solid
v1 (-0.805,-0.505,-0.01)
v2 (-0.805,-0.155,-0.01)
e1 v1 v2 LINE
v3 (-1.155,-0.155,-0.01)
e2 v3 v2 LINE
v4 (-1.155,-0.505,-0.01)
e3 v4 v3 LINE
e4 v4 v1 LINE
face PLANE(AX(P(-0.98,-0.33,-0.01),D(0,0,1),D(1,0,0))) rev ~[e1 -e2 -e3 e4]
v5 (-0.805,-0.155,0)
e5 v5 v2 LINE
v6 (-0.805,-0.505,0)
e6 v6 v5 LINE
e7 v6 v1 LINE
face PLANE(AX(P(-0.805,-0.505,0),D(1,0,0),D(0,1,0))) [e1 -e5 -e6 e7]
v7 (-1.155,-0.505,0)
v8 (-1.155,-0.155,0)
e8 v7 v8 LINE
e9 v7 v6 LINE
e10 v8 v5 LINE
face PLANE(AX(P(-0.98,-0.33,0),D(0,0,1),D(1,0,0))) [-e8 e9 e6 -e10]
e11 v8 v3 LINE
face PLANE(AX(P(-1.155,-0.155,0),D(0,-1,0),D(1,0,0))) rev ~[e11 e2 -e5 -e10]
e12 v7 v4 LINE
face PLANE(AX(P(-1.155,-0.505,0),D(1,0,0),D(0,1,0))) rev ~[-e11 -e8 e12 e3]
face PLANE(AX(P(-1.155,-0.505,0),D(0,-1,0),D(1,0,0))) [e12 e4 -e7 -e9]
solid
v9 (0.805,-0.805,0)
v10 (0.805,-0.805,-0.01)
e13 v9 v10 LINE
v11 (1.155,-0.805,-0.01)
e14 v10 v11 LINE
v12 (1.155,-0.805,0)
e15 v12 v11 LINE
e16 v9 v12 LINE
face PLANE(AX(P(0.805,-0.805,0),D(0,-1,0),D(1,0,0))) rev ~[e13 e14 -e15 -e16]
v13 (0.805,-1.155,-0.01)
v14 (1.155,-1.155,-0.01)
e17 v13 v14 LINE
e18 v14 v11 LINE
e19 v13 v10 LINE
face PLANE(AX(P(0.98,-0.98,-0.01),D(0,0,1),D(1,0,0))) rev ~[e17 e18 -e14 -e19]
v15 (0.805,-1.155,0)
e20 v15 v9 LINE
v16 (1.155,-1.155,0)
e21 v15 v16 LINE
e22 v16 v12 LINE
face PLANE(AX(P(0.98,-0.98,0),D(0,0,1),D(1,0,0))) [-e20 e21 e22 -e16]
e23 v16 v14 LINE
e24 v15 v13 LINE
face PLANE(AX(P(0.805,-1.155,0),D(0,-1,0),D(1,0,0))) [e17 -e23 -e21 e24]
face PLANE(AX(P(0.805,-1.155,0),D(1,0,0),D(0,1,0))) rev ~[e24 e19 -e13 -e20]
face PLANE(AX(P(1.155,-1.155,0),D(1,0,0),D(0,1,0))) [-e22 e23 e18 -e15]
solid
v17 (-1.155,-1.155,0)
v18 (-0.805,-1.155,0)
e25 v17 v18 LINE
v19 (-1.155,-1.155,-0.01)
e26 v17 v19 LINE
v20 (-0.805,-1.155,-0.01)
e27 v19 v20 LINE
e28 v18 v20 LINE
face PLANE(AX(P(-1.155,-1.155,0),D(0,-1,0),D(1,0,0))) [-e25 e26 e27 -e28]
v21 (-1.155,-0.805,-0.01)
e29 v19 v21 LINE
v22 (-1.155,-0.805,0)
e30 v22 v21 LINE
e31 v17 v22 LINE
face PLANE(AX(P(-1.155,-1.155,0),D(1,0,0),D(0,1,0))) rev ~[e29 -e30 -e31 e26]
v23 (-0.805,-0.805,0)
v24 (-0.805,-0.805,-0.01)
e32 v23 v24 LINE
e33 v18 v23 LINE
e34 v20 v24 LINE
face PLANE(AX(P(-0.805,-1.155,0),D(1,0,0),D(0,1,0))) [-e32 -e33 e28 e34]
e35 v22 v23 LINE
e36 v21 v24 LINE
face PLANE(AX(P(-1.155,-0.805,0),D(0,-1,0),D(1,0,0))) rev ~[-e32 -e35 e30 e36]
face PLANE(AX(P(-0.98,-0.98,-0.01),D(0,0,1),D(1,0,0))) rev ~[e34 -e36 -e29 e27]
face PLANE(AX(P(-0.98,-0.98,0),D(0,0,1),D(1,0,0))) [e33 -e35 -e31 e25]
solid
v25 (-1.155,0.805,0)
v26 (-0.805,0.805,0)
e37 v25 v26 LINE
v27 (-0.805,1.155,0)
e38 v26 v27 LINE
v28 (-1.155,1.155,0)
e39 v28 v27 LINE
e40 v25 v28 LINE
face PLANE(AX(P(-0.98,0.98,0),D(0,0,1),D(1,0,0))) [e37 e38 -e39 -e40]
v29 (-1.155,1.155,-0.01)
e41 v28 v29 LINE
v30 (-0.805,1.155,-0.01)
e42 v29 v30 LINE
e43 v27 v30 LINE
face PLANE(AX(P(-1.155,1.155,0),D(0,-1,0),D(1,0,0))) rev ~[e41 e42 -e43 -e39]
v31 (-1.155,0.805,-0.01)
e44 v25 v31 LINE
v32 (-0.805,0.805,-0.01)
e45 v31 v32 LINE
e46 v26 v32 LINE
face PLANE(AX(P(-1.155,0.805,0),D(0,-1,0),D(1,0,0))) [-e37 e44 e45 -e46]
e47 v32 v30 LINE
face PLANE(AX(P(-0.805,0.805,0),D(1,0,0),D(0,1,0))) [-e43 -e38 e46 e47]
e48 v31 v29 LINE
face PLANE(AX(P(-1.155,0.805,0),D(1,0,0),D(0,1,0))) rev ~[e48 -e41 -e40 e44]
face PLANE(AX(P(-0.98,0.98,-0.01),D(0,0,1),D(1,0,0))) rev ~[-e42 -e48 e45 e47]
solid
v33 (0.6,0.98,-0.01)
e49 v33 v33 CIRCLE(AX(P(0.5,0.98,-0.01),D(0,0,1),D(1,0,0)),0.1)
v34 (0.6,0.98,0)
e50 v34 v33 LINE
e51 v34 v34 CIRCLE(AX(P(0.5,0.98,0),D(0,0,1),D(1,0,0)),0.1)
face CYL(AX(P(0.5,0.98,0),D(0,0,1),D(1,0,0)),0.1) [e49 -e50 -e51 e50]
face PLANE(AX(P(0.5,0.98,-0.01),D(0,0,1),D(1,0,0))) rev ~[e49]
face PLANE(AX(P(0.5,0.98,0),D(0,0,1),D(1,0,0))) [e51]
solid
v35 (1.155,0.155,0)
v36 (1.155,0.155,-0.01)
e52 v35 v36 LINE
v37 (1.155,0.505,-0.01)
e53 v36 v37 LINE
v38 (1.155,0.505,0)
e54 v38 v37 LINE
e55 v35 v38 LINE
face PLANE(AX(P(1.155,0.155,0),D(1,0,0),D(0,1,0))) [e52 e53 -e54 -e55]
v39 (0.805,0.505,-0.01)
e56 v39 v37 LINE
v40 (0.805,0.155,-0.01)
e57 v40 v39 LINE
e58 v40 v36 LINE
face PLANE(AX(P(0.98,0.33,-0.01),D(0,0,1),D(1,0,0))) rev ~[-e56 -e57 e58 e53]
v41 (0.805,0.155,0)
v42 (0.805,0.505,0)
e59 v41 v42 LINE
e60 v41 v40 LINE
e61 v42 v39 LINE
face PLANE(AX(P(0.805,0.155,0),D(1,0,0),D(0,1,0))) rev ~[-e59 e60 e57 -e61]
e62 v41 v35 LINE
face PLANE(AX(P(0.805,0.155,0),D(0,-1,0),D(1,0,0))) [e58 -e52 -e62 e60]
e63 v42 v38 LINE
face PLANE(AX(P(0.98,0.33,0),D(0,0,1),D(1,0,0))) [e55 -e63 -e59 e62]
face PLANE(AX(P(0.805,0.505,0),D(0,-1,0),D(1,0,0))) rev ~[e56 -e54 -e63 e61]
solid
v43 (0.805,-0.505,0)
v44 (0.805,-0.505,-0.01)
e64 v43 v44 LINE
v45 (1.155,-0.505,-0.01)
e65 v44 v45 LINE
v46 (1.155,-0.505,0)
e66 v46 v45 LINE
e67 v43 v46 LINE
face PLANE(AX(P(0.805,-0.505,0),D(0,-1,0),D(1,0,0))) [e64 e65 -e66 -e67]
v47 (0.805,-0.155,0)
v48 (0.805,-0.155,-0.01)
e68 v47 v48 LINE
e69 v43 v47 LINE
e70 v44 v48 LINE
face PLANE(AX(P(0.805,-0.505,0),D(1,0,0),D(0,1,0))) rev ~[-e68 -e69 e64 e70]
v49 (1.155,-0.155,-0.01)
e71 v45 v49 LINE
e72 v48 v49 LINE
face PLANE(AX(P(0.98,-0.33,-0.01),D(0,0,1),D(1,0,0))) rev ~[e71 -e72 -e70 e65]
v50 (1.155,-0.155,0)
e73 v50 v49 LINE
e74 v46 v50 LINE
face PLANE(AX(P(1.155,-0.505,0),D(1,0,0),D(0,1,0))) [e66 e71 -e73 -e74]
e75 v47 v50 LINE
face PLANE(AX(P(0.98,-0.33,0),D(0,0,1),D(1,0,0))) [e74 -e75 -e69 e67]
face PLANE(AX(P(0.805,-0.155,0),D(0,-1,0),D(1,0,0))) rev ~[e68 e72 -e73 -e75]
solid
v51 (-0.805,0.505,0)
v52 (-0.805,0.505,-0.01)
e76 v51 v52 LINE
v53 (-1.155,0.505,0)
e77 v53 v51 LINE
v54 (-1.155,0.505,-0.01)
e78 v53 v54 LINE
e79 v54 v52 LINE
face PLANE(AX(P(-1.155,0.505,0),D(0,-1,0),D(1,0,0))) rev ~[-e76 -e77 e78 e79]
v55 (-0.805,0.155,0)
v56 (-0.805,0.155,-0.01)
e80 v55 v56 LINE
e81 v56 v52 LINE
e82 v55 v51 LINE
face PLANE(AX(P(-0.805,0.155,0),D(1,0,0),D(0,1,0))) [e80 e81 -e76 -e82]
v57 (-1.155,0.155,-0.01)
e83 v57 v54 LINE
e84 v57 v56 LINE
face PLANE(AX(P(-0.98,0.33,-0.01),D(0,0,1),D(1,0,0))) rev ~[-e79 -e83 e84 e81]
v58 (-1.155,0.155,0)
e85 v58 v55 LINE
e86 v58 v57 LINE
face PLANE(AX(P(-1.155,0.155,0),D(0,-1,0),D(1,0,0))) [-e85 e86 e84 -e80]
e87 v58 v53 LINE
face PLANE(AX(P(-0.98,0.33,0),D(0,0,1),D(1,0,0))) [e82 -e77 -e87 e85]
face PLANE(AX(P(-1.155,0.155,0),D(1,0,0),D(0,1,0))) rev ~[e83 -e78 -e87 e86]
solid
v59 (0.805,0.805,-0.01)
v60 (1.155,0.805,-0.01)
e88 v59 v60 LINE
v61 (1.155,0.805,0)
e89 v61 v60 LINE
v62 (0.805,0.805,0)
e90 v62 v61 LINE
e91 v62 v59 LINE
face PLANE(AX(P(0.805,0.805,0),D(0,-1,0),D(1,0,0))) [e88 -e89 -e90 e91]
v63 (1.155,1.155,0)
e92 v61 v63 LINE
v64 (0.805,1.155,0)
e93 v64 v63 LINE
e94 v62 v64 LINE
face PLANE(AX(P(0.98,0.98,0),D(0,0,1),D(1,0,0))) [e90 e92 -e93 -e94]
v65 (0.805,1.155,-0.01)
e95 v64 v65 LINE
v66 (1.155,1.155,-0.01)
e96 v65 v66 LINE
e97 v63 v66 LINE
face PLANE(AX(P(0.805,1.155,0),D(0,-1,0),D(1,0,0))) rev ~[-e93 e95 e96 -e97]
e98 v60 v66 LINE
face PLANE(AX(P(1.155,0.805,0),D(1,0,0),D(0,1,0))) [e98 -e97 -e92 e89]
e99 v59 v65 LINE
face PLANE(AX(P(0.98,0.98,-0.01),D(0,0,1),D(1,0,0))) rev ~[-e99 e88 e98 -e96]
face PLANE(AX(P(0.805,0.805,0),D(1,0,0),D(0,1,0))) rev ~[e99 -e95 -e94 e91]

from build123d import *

# Parameters (mm, degrees)
SKETCH009_W  = 0.35
SKETCH009_H  = 0.35
PAD008_DEPTH = 0.01
SKETCH007_W  = 0.35
SKETCH007_H  = 0.35
PAD006_DEPTH = 0.01
SKETCH008_W  = 0.35
SKETCH008_H  = 0.35
PAD007_DEPTH = 0.01
SKETCH011_W  = 0.35
SKETCH011_H  = 0.35
PAD010_DEPTH = 0.01
SKETCH014_R  = 0.1
PAD013_DEPTH = 0.01
SKETCH012_W  = 0.35
SKETCH012_H  = 0.35
PAD011_DEPTH = 0.01
SKETCH010_W  = 0.35
SKETCH010_H  = 0.35
PAD009_DEPTH = 0.01
SKETCH013_W  = 0.35
SKETCH013_H  = 0.35
PAD012_DEPTH = 0.01
SKETCH006_W  = 0.35
SKETCH006_H  = 0.35
PAD005_DEPTH = 0.01


with BuildPart() as pad_5_sdo:
    # Sketch009 → Pad008 (new body)
    with BuildSketch(Plane.XY):
        with Locations((-0.98, -0.98)):
            Rectangle(SKETCH009_W, SKETCH009_H)
    extrude(amount=-PAD008_DEPTH)


with BuildPart() as pad_7_gnd:
    # Sketch007 → Pad006 (new body)
    with BuildSketch(Plane.XY):
        with Locations((-0.98, 0.33)):
            Rectangle(SKETCH007_W, SKETCH007_H)
    extrude(amount=-PAD006_DEPTH)


with BuildPart() as pad_6_vddio:
    # Sketch008 → Pad007 (new body)
    with BuildSketch(Plane.XY):
        with Locations((-0.98, -0.33)):
            Rectangle(SKETCH008_W, SKETCH008_H)
    extrude(amount=-PAD007_DEPTH)


with BuildPart() as pad_3_sdi:
    # Sketch011 → Pad010 (new body)
    with BuildSketch(Plane.XY):
        with Locations((0.98, -0.33)):
            Rectangle(SKETCH011_W, SKETCH011_H)
    extrude(amount=-PAD010_DEPTH)


with BuildPart() as marker_pad:
    # Sketch014 → Pad013 (new body)
    with BuildSketch(Plane.XY):
        with Locations((0.5, 0.98)):
            Circle(SKETCH014_R)
    extrude(amount=-PAD013_DEPTH)


with BuildPart() as pad_2_csb:
    # Sketch012 → Pad011 (new body)
    with BuildSketch(Plane.XY):
        with Locations((0.98, 0.33)):
            Rectangle(SKETCH012_W, SKETCH012_H)
    extrude(amount=-PAD011_DEPTH)


with BuildPart() as pad_4_sck:
    # Sketch010 → Pad009 (new body)
    with BuildSketch(Plane.XY):
        with Locations((0.98, -0.98)):
            Rectangle(SKETCH010_W, SKETCH010_H)
    extrude(amount=-PAD009_DEPTH)


with BuildPart() as pad_1_gnd:
    # Sketch013 → Pad012 (new body)
    with BuildSketch(Plane.XY):
        with Locations((0.98, 0.98)):
            Rectangle(SKETCH013_W, SKETCH013_H)
    extrude(amount=-PAD012_DEPTH)


with BuildPart() as pads:
    # Sketch006 → Pad005 (new body)
    with BuildSketch(Plane.XY):
        with Locations((-0.98, 0.98)):
            Rectangle(SKETCH006_W, SKETCH006_H)
    extrude(amount=-PAD005_DEPTH)

    # Fusion: union pad_5_SDO, pad_7_GND, pad_6_VDDIO, pad_3_SDI, marker_pad, pad_2_CSB, pad_4_SCK, pad_1_GND
    add(pad_5_sdo.part)
    add(pad_7_gnd.part)
    add(pad_6_vddio.part)
    add(pad_3_sdi.part)
    add(marker_pad.part)
    add(pad_2_csb.part)
    add(pad_4_sck.part)
    add(pad_1_gnd.part)


solid = pads.part
